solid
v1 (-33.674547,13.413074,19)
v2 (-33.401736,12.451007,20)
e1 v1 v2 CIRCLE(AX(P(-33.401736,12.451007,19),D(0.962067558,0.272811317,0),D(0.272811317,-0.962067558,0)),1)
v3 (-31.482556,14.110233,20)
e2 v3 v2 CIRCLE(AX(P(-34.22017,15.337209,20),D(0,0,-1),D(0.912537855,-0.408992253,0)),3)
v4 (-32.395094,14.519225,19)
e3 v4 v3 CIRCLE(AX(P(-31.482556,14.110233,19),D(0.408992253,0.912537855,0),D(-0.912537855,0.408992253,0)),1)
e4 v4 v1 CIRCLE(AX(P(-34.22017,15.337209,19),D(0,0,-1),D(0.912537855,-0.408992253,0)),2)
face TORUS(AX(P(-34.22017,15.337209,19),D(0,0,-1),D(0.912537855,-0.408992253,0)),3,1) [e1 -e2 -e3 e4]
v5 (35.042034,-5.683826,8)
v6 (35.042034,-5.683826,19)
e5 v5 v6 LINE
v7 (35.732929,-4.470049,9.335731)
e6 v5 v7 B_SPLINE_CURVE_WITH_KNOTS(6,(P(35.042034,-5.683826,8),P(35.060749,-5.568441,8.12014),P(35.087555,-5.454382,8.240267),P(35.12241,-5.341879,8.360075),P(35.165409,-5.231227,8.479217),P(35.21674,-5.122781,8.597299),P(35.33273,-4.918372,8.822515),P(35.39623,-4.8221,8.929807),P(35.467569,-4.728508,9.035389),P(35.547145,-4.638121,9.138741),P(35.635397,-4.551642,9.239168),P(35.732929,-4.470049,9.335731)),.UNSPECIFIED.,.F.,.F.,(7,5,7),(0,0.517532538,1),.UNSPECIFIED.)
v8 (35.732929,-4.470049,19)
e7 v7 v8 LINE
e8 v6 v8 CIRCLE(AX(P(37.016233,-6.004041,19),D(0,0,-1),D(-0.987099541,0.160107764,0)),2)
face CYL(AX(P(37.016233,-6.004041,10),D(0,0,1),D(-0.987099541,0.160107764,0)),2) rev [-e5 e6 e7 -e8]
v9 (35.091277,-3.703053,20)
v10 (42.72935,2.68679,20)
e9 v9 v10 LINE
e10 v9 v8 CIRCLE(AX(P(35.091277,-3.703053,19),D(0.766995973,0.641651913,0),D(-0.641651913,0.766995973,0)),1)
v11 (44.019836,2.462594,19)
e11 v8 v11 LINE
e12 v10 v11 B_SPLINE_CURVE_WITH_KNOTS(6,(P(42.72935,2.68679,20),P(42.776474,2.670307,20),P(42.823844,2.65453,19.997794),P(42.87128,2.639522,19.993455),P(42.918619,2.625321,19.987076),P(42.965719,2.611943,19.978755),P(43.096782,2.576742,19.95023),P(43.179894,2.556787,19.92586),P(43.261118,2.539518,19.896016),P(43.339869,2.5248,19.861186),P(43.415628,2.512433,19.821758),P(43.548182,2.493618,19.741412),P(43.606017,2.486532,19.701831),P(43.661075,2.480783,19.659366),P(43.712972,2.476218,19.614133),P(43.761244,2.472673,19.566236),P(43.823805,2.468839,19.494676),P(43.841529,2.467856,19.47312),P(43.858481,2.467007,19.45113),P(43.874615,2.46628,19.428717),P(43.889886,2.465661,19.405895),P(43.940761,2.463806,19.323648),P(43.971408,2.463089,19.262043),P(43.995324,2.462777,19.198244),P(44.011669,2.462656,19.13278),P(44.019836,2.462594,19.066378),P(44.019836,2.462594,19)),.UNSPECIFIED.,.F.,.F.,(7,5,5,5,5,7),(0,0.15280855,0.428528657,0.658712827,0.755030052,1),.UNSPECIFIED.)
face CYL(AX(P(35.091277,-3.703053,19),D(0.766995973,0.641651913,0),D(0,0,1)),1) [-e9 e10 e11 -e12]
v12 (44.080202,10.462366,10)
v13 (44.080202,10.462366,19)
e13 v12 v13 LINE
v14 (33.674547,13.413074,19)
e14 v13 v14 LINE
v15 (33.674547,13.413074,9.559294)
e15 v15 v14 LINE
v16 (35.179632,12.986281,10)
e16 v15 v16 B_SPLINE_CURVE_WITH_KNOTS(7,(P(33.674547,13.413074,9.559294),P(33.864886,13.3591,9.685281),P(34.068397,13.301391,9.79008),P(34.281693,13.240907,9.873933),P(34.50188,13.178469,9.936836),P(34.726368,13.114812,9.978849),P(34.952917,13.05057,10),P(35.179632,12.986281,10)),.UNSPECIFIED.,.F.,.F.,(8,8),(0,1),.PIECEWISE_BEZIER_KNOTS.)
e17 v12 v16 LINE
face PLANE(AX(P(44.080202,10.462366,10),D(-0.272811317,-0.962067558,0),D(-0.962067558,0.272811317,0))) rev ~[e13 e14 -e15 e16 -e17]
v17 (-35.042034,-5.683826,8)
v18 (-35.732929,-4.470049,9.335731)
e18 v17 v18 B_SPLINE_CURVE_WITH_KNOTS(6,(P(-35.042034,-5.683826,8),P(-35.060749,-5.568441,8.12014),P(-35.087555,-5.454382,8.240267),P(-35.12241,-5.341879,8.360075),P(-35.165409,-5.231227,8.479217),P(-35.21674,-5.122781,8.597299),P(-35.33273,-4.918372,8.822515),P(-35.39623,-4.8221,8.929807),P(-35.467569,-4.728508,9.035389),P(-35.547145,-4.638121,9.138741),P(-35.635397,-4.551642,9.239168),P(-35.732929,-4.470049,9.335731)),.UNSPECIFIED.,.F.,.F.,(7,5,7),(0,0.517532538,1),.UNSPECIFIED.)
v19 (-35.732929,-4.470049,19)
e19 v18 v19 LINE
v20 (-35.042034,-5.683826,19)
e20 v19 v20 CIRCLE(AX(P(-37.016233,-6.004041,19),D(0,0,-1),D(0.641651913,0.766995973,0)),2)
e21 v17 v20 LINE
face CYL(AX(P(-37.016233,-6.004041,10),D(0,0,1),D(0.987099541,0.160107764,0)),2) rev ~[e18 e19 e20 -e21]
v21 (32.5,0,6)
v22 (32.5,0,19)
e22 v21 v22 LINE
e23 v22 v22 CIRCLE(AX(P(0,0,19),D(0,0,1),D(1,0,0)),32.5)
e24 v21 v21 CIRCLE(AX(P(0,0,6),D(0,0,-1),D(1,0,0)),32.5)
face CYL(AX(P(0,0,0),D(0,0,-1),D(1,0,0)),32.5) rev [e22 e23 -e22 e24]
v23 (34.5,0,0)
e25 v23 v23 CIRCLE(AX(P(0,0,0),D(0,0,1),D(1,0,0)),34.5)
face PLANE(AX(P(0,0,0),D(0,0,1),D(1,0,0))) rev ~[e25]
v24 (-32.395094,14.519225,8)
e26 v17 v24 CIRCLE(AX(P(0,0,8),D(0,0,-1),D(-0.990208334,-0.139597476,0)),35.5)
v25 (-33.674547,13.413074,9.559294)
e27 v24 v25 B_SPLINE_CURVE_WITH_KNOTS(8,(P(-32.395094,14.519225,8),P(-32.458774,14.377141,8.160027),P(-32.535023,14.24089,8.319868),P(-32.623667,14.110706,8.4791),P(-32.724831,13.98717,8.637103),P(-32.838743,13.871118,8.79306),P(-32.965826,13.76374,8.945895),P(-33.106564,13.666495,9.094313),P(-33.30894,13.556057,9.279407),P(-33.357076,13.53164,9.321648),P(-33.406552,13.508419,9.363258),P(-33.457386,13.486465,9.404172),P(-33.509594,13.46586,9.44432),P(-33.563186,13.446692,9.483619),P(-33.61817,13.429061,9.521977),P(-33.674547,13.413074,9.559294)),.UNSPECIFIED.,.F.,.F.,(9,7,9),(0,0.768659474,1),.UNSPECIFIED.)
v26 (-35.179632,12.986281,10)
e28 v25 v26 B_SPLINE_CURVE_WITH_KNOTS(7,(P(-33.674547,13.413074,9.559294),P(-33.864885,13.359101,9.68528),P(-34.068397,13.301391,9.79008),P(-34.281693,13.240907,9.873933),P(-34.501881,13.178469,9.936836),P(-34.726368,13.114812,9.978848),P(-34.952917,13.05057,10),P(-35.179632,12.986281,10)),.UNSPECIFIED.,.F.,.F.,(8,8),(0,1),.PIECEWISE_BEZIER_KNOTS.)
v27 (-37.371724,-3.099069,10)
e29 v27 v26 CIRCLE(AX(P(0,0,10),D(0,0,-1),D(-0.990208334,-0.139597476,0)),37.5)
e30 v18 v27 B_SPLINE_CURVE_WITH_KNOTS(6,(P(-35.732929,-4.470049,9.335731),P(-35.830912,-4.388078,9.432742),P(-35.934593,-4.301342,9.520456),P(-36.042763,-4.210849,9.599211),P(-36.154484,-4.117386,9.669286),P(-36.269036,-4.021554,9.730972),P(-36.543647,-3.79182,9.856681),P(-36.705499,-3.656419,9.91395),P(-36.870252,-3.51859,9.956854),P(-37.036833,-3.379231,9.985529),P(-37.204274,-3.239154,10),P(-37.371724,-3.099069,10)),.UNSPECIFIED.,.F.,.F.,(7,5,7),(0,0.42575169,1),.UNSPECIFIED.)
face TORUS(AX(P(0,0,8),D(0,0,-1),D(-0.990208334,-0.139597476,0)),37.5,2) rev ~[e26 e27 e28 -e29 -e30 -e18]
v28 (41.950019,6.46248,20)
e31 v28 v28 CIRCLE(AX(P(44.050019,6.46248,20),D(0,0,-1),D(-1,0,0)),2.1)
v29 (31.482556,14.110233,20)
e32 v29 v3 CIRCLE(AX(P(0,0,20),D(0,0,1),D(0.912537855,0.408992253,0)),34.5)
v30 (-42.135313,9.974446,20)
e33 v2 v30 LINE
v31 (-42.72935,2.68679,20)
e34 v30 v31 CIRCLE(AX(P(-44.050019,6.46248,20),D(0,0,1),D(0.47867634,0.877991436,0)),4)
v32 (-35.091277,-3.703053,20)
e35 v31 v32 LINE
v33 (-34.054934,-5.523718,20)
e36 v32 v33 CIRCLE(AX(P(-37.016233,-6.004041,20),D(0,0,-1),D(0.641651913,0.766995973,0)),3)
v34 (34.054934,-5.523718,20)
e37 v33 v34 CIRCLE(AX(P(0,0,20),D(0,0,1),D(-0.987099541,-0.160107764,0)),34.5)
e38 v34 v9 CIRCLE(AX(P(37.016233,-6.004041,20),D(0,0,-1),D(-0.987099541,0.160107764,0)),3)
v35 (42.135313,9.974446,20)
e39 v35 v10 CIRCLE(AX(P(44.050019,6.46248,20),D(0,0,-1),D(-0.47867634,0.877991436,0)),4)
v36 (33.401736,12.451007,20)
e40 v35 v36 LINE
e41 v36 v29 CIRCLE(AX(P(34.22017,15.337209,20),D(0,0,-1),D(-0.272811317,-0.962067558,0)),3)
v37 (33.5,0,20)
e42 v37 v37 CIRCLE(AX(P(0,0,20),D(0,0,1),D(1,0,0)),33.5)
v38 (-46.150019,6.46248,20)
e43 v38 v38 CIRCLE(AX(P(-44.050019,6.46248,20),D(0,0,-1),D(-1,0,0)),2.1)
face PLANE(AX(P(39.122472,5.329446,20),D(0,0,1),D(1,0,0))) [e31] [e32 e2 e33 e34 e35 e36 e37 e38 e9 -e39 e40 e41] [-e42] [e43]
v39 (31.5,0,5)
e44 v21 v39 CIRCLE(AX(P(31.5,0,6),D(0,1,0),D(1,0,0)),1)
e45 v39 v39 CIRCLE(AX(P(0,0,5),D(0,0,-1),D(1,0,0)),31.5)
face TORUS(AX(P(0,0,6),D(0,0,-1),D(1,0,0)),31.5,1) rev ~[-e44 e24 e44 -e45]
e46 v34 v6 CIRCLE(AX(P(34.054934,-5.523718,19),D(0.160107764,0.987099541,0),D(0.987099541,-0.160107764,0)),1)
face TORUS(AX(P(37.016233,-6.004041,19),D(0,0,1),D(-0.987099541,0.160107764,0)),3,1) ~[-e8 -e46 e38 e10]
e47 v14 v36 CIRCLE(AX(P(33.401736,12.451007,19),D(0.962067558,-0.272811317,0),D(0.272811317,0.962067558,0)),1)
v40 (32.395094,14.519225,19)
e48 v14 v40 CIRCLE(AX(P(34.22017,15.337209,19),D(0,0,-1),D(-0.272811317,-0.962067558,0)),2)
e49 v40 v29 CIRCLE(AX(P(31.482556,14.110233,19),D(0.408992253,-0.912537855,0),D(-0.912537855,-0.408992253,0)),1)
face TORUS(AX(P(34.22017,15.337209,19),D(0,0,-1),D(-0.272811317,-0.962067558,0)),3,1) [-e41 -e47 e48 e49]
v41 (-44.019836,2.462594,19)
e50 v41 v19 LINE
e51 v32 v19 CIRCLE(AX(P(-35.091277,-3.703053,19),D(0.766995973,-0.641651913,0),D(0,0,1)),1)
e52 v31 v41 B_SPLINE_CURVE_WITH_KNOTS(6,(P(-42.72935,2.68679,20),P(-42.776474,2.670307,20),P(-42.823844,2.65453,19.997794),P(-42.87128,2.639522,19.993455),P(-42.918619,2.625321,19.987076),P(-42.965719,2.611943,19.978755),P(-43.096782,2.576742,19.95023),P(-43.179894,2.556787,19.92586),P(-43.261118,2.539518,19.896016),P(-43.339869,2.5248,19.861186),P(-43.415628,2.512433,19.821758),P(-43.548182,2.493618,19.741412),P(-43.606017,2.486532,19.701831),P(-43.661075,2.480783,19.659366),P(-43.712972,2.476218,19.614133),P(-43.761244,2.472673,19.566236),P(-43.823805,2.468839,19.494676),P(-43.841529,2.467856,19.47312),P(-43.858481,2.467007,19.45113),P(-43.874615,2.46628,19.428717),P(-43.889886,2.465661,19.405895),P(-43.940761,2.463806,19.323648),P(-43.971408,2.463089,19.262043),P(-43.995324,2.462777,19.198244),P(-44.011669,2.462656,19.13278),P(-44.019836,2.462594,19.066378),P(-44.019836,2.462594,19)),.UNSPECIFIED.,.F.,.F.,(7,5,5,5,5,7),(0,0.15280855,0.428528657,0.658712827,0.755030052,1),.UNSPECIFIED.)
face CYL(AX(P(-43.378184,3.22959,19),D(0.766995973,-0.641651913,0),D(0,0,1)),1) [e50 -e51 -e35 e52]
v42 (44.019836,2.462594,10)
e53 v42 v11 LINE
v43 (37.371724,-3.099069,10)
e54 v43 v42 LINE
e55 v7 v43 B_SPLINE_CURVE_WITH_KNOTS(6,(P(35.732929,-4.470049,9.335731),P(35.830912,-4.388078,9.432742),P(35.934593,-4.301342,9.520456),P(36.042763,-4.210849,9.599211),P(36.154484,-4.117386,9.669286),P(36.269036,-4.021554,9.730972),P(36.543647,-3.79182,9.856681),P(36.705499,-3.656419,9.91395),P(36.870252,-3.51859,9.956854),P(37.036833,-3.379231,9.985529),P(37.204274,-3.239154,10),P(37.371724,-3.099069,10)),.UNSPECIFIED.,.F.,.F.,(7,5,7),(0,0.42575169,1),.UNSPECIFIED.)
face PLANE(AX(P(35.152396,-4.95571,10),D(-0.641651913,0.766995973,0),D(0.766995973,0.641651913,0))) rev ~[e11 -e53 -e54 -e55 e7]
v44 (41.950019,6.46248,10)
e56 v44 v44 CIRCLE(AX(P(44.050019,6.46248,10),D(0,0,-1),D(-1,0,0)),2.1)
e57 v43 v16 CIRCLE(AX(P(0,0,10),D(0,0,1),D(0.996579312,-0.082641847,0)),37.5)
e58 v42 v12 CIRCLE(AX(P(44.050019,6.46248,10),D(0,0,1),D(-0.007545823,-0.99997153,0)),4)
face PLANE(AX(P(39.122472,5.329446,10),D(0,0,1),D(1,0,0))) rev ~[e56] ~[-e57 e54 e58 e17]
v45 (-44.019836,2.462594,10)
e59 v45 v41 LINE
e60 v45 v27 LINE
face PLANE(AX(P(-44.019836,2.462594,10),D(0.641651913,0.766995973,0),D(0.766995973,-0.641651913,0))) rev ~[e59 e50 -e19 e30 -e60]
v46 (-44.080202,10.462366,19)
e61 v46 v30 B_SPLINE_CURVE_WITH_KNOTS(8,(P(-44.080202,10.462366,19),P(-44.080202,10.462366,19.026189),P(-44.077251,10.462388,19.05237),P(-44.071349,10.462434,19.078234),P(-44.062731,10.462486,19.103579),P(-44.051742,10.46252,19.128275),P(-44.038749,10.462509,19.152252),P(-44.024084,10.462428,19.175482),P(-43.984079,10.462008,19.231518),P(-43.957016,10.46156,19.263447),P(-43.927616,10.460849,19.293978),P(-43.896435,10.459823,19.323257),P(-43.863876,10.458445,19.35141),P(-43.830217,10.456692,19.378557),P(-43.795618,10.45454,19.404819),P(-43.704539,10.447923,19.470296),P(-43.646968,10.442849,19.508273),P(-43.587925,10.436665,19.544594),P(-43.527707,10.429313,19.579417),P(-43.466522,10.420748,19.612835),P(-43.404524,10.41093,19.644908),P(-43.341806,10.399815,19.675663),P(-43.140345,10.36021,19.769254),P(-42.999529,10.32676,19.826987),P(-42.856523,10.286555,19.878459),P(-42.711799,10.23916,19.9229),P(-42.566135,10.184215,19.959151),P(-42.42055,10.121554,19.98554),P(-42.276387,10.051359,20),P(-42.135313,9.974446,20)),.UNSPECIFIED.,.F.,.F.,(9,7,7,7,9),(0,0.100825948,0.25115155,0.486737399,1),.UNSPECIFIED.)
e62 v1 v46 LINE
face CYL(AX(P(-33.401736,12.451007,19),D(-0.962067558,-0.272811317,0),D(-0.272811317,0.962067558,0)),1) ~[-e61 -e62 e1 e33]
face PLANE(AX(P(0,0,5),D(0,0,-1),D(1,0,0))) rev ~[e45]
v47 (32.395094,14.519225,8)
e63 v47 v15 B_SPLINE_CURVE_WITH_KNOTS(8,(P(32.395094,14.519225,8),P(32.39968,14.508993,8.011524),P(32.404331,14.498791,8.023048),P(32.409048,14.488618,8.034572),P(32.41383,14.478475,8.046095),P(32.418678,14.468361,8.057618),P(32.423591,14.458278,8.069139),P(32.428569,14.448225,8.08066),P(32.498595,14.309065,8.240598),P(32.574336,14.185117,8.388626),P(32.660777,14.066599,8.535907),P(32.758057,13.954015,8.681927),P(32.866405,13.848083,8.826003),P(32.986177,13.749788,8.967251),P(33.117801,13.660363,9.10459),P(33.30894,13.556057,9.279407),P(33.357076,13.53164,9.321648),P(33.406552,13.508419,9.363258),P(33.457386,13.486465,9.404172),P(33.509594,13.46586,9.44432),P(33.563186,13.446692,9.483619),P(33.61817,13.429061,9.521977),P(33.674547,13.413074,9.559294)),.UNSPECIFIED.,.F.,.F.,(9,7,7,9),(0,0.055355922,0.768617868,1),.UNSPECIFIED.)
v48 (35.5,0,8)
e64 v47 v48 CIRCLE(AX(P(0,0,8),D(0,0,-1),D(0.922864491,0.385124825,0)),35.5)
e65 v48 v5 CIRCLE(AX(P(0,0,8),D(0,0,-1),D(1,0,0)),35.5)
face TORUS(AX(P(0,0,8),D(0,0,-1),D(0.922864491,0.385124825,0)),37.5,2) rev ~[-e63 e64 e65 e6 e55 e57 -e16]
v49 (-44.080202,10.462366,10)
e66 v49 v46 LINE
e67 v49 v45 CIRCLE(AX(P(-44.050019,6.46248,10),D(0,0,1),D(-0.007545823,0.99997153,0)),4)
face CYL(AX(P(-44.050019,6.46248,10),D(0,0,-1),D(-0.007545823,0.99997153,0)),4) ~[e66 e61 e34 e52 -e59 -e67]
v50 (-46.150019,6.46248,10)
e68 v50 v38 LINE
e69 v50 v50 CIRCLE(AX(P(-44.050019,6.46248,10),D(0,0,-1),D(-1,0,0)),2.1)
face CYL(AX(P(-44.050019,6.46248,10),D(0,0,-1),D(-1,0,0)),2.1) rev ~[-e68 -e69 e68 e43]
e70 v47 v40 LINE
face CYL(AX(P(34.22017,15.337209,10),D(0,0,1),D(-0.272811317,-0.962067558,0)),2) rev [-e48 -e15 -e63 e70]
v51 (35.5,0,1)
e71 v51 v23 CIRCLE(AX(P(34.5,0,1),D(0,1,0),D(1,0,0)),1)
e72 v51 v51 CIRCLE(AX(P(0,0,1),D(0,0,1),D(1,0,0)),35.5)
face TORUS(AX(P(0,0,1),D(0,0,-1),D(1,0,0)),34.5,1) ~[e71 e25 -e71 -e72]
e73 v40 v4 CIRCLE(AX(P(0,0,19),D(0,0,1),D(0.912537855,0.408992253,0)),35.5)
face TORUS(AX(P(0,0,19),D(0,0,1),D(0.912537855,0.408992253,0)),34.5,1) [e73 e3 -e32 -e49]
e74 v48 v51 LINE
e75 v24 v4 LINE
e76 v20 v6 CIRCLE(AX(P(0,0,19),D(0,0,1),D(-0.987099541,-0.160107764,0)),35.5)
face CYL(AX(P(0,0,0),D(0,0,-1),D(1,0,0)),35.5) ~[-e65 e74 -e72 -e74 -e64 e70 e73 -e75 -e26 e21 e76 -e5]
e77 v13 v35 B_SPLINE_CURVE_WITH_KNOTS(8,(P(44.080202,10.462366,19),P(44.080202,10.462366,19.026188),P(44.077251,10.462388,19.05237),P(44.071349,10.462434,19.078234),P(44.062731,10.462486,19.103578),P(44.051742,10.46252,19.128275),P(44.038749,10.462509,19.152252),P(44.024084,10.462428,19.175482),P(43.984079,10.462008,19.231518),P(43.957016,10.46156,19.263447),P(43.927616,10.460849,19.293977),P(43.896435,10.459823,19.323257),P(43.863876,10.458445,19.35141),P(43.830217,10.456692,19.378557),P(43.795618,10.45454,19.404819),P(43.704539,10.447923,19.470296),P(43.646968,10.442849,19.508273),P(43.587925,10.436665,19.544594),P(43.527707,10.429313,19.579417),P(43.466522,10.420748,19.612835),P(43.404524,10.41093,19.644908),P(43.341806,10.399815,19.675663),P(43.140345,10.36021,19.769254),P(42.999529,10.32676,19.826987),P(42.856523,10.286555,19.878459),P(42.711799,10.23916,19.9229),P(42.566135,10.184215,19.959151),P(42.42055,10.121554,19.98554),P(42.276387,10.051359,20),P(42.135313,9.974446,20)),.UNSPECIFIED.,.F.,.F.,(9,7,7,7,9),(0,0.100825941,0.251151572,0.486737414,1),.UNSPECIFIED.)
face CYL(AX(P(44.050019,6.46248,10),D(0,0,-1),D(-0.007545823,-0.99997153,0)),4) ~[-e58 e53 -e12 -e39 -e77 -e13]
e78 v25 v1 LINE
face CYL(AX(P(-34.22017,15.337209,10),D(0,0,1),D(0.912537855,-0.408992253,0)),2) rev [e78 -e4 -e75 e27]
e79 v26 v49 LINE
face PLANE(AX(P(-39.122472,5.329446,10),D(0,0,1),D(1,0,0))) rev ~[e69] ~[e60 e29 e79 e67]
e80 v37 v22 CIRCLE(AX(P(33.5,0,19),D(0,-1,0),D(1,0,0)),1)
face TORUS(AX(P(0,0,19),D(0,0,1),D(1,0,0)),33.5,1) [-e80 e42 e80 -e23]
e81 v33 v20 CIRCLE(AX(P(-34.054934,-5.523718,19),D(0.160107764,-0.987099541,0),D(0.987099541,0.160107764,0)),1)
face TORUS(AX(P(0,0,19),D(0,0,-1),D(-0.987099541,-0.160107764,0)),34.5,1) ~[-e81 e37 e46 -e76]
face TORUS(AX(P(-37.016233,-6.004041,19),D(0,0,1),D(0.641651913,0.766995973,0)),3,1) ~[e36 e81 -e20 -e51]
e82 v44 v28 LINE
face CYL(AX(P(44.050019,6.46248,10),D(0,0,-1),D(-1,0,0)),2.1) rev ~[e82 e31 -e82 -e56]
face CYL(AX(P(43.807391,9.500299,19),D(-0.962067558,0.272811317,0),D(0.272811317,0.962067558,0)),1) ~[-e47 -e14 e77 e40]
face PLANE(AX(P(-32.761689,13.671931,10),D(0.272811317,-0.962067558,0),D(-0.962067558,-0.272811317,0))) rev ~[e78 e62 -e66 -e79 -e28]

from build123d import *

# Parameters (mm, degrees)
SKETCH1_R           = 35.5
SKETCH1_R_2         = 32.5
BOSS_EXTRUDE1_DEPTH = 20
SKETCH2_R           = 35.5
BOSS_EXTRUDE2_DEPTH = 5
BOSS_EXTRUDE5_START = -10
BOSS_EXTRUDE5_DEPTH = 10
SKETCH6_R           = 2.1
CUT_EXTRUDE1_DEPTH  = 10
FILLET1_R           = 2
FILLET2_R           = 1


with BuildPart() as part:
    # Sketch1 → Boss-Extrude1 (new body)
    with BuildSketch(Plane.XY):
        Circle(SKETCH1_R)
        Circle(SKETCH1_R_2, mode=Mode.SUBTRACT)
    extrude(amount=BOSS_EXTRUDE1_DEPTH)

    # Sketch2 → Boss-Extrude2 (add)
    with BuildSketch(Plane(origin=(0, 0, 0), x_dir=(-1, 0, 0), z_dir=(0, 0, -1))):
        with Locations(Location((0, 0, 0), (0, 0, 180))):
            Circle(SKETCH2_R)
    extrude(amount=-BOSS_EXTRUDE2_DEPTH)

    # Sketch5 → Boss-Extrude5 (add)
    with BuildSketch(Plane.XY.offset(20).offset(BOSS_EXTRUDE5_START)):
        with BuildLine():
            Line((-44.01983555, 2.462594057), (-35.152395855, -4.955710406))
            ThreePointArc((-35.152395855, -4.955710406), (-35.21119146, 4.519070252), (-32.761689436, 13.671931294))
            Line((-32.761689436, 13.671931294), (-44.080202136, 10.462366296))
            ThreePointArc((-44.080202136, 10.462366296), (-48.049904962, 6.432296883), (-44.01983555, 2.462594057))
        make_face()
        with BuildLine():
            Line((44.080202136, 10.462366296), (32.761689436, 13.671931294))
            ThreePointArc((32.761689436, 13.671931294), (35.21119146, 4.519070252), (35.152395855, -4.955710406))
            Line((35.152395855, -4.955710406), (44.01983555, 2.462594057))
            ThreePointArc((44.01983555, 2.462594057), (48.049904962, 6.432296883), (44.080202136, 10.462366296))
        make_face()
    extrude(amount=BOSS_EXTRUDE5_DEPTH)

    # Sketch6 → Cut-Extrude1 (cut)
    with BuildSketch(Plane(origin=(0, 0, 10), x_dir=(-1, 0, 0), z_dir=(0, 0, -1))):
        with Locations((-44.050018843, 6.462480176)):
            Circle(SKETCH6_R)
        with Locations((44.050018843, 6.462480176)):
            Circle(SKETCH6_R)
    extrude(amount=-CUT_EXTRUDE1_DEPTH, mode=Mode.SUBTRACT)

    # Fillet1
    fillet1_edges = [part.edges().sort_by_distance(p)[0] for p in [
        (-35.21119146, 4.519070252, 10),
        (-32.761689436, 13.671931294, 15),
        (-35.152395855, -4.955710406, 15),
        (34.808691264, 6.971729521, 10),
        (35.152395855, -4.955710406, 15),
        (32.761689436, 13.671931294, 15),
    ]]
    fillet(fillet1_edges, radius=FILLET1_R)

    # Fillet2
    fillet2_edges = [part.edges().sort_by_distance(p)[0] for p in [
        (-32.5, 0, 5),
        (-35.5, 0, 0),
        (-39.876382255, -1.003727579, 20),
        (38.877374536, 11.937720328, 20),
        (0, -35.5, 20),
        (0, 35.5, 20),
        (-32.5, 0, 20),
        (-38.877374536, 11.937720328, 20),
        (39.876382255, -1.003727579, 20),
        (-35.278088778, -5.014669945, 20),
        (-32.912138626, 13.824247135, 20),
        (32.912138626, 13.824247135, 20),
        (35.278088778, -5.014669945, 20),
    ]]
    fillet(fillet2_edges, radius=FILLET2_R)


solid = part.part
